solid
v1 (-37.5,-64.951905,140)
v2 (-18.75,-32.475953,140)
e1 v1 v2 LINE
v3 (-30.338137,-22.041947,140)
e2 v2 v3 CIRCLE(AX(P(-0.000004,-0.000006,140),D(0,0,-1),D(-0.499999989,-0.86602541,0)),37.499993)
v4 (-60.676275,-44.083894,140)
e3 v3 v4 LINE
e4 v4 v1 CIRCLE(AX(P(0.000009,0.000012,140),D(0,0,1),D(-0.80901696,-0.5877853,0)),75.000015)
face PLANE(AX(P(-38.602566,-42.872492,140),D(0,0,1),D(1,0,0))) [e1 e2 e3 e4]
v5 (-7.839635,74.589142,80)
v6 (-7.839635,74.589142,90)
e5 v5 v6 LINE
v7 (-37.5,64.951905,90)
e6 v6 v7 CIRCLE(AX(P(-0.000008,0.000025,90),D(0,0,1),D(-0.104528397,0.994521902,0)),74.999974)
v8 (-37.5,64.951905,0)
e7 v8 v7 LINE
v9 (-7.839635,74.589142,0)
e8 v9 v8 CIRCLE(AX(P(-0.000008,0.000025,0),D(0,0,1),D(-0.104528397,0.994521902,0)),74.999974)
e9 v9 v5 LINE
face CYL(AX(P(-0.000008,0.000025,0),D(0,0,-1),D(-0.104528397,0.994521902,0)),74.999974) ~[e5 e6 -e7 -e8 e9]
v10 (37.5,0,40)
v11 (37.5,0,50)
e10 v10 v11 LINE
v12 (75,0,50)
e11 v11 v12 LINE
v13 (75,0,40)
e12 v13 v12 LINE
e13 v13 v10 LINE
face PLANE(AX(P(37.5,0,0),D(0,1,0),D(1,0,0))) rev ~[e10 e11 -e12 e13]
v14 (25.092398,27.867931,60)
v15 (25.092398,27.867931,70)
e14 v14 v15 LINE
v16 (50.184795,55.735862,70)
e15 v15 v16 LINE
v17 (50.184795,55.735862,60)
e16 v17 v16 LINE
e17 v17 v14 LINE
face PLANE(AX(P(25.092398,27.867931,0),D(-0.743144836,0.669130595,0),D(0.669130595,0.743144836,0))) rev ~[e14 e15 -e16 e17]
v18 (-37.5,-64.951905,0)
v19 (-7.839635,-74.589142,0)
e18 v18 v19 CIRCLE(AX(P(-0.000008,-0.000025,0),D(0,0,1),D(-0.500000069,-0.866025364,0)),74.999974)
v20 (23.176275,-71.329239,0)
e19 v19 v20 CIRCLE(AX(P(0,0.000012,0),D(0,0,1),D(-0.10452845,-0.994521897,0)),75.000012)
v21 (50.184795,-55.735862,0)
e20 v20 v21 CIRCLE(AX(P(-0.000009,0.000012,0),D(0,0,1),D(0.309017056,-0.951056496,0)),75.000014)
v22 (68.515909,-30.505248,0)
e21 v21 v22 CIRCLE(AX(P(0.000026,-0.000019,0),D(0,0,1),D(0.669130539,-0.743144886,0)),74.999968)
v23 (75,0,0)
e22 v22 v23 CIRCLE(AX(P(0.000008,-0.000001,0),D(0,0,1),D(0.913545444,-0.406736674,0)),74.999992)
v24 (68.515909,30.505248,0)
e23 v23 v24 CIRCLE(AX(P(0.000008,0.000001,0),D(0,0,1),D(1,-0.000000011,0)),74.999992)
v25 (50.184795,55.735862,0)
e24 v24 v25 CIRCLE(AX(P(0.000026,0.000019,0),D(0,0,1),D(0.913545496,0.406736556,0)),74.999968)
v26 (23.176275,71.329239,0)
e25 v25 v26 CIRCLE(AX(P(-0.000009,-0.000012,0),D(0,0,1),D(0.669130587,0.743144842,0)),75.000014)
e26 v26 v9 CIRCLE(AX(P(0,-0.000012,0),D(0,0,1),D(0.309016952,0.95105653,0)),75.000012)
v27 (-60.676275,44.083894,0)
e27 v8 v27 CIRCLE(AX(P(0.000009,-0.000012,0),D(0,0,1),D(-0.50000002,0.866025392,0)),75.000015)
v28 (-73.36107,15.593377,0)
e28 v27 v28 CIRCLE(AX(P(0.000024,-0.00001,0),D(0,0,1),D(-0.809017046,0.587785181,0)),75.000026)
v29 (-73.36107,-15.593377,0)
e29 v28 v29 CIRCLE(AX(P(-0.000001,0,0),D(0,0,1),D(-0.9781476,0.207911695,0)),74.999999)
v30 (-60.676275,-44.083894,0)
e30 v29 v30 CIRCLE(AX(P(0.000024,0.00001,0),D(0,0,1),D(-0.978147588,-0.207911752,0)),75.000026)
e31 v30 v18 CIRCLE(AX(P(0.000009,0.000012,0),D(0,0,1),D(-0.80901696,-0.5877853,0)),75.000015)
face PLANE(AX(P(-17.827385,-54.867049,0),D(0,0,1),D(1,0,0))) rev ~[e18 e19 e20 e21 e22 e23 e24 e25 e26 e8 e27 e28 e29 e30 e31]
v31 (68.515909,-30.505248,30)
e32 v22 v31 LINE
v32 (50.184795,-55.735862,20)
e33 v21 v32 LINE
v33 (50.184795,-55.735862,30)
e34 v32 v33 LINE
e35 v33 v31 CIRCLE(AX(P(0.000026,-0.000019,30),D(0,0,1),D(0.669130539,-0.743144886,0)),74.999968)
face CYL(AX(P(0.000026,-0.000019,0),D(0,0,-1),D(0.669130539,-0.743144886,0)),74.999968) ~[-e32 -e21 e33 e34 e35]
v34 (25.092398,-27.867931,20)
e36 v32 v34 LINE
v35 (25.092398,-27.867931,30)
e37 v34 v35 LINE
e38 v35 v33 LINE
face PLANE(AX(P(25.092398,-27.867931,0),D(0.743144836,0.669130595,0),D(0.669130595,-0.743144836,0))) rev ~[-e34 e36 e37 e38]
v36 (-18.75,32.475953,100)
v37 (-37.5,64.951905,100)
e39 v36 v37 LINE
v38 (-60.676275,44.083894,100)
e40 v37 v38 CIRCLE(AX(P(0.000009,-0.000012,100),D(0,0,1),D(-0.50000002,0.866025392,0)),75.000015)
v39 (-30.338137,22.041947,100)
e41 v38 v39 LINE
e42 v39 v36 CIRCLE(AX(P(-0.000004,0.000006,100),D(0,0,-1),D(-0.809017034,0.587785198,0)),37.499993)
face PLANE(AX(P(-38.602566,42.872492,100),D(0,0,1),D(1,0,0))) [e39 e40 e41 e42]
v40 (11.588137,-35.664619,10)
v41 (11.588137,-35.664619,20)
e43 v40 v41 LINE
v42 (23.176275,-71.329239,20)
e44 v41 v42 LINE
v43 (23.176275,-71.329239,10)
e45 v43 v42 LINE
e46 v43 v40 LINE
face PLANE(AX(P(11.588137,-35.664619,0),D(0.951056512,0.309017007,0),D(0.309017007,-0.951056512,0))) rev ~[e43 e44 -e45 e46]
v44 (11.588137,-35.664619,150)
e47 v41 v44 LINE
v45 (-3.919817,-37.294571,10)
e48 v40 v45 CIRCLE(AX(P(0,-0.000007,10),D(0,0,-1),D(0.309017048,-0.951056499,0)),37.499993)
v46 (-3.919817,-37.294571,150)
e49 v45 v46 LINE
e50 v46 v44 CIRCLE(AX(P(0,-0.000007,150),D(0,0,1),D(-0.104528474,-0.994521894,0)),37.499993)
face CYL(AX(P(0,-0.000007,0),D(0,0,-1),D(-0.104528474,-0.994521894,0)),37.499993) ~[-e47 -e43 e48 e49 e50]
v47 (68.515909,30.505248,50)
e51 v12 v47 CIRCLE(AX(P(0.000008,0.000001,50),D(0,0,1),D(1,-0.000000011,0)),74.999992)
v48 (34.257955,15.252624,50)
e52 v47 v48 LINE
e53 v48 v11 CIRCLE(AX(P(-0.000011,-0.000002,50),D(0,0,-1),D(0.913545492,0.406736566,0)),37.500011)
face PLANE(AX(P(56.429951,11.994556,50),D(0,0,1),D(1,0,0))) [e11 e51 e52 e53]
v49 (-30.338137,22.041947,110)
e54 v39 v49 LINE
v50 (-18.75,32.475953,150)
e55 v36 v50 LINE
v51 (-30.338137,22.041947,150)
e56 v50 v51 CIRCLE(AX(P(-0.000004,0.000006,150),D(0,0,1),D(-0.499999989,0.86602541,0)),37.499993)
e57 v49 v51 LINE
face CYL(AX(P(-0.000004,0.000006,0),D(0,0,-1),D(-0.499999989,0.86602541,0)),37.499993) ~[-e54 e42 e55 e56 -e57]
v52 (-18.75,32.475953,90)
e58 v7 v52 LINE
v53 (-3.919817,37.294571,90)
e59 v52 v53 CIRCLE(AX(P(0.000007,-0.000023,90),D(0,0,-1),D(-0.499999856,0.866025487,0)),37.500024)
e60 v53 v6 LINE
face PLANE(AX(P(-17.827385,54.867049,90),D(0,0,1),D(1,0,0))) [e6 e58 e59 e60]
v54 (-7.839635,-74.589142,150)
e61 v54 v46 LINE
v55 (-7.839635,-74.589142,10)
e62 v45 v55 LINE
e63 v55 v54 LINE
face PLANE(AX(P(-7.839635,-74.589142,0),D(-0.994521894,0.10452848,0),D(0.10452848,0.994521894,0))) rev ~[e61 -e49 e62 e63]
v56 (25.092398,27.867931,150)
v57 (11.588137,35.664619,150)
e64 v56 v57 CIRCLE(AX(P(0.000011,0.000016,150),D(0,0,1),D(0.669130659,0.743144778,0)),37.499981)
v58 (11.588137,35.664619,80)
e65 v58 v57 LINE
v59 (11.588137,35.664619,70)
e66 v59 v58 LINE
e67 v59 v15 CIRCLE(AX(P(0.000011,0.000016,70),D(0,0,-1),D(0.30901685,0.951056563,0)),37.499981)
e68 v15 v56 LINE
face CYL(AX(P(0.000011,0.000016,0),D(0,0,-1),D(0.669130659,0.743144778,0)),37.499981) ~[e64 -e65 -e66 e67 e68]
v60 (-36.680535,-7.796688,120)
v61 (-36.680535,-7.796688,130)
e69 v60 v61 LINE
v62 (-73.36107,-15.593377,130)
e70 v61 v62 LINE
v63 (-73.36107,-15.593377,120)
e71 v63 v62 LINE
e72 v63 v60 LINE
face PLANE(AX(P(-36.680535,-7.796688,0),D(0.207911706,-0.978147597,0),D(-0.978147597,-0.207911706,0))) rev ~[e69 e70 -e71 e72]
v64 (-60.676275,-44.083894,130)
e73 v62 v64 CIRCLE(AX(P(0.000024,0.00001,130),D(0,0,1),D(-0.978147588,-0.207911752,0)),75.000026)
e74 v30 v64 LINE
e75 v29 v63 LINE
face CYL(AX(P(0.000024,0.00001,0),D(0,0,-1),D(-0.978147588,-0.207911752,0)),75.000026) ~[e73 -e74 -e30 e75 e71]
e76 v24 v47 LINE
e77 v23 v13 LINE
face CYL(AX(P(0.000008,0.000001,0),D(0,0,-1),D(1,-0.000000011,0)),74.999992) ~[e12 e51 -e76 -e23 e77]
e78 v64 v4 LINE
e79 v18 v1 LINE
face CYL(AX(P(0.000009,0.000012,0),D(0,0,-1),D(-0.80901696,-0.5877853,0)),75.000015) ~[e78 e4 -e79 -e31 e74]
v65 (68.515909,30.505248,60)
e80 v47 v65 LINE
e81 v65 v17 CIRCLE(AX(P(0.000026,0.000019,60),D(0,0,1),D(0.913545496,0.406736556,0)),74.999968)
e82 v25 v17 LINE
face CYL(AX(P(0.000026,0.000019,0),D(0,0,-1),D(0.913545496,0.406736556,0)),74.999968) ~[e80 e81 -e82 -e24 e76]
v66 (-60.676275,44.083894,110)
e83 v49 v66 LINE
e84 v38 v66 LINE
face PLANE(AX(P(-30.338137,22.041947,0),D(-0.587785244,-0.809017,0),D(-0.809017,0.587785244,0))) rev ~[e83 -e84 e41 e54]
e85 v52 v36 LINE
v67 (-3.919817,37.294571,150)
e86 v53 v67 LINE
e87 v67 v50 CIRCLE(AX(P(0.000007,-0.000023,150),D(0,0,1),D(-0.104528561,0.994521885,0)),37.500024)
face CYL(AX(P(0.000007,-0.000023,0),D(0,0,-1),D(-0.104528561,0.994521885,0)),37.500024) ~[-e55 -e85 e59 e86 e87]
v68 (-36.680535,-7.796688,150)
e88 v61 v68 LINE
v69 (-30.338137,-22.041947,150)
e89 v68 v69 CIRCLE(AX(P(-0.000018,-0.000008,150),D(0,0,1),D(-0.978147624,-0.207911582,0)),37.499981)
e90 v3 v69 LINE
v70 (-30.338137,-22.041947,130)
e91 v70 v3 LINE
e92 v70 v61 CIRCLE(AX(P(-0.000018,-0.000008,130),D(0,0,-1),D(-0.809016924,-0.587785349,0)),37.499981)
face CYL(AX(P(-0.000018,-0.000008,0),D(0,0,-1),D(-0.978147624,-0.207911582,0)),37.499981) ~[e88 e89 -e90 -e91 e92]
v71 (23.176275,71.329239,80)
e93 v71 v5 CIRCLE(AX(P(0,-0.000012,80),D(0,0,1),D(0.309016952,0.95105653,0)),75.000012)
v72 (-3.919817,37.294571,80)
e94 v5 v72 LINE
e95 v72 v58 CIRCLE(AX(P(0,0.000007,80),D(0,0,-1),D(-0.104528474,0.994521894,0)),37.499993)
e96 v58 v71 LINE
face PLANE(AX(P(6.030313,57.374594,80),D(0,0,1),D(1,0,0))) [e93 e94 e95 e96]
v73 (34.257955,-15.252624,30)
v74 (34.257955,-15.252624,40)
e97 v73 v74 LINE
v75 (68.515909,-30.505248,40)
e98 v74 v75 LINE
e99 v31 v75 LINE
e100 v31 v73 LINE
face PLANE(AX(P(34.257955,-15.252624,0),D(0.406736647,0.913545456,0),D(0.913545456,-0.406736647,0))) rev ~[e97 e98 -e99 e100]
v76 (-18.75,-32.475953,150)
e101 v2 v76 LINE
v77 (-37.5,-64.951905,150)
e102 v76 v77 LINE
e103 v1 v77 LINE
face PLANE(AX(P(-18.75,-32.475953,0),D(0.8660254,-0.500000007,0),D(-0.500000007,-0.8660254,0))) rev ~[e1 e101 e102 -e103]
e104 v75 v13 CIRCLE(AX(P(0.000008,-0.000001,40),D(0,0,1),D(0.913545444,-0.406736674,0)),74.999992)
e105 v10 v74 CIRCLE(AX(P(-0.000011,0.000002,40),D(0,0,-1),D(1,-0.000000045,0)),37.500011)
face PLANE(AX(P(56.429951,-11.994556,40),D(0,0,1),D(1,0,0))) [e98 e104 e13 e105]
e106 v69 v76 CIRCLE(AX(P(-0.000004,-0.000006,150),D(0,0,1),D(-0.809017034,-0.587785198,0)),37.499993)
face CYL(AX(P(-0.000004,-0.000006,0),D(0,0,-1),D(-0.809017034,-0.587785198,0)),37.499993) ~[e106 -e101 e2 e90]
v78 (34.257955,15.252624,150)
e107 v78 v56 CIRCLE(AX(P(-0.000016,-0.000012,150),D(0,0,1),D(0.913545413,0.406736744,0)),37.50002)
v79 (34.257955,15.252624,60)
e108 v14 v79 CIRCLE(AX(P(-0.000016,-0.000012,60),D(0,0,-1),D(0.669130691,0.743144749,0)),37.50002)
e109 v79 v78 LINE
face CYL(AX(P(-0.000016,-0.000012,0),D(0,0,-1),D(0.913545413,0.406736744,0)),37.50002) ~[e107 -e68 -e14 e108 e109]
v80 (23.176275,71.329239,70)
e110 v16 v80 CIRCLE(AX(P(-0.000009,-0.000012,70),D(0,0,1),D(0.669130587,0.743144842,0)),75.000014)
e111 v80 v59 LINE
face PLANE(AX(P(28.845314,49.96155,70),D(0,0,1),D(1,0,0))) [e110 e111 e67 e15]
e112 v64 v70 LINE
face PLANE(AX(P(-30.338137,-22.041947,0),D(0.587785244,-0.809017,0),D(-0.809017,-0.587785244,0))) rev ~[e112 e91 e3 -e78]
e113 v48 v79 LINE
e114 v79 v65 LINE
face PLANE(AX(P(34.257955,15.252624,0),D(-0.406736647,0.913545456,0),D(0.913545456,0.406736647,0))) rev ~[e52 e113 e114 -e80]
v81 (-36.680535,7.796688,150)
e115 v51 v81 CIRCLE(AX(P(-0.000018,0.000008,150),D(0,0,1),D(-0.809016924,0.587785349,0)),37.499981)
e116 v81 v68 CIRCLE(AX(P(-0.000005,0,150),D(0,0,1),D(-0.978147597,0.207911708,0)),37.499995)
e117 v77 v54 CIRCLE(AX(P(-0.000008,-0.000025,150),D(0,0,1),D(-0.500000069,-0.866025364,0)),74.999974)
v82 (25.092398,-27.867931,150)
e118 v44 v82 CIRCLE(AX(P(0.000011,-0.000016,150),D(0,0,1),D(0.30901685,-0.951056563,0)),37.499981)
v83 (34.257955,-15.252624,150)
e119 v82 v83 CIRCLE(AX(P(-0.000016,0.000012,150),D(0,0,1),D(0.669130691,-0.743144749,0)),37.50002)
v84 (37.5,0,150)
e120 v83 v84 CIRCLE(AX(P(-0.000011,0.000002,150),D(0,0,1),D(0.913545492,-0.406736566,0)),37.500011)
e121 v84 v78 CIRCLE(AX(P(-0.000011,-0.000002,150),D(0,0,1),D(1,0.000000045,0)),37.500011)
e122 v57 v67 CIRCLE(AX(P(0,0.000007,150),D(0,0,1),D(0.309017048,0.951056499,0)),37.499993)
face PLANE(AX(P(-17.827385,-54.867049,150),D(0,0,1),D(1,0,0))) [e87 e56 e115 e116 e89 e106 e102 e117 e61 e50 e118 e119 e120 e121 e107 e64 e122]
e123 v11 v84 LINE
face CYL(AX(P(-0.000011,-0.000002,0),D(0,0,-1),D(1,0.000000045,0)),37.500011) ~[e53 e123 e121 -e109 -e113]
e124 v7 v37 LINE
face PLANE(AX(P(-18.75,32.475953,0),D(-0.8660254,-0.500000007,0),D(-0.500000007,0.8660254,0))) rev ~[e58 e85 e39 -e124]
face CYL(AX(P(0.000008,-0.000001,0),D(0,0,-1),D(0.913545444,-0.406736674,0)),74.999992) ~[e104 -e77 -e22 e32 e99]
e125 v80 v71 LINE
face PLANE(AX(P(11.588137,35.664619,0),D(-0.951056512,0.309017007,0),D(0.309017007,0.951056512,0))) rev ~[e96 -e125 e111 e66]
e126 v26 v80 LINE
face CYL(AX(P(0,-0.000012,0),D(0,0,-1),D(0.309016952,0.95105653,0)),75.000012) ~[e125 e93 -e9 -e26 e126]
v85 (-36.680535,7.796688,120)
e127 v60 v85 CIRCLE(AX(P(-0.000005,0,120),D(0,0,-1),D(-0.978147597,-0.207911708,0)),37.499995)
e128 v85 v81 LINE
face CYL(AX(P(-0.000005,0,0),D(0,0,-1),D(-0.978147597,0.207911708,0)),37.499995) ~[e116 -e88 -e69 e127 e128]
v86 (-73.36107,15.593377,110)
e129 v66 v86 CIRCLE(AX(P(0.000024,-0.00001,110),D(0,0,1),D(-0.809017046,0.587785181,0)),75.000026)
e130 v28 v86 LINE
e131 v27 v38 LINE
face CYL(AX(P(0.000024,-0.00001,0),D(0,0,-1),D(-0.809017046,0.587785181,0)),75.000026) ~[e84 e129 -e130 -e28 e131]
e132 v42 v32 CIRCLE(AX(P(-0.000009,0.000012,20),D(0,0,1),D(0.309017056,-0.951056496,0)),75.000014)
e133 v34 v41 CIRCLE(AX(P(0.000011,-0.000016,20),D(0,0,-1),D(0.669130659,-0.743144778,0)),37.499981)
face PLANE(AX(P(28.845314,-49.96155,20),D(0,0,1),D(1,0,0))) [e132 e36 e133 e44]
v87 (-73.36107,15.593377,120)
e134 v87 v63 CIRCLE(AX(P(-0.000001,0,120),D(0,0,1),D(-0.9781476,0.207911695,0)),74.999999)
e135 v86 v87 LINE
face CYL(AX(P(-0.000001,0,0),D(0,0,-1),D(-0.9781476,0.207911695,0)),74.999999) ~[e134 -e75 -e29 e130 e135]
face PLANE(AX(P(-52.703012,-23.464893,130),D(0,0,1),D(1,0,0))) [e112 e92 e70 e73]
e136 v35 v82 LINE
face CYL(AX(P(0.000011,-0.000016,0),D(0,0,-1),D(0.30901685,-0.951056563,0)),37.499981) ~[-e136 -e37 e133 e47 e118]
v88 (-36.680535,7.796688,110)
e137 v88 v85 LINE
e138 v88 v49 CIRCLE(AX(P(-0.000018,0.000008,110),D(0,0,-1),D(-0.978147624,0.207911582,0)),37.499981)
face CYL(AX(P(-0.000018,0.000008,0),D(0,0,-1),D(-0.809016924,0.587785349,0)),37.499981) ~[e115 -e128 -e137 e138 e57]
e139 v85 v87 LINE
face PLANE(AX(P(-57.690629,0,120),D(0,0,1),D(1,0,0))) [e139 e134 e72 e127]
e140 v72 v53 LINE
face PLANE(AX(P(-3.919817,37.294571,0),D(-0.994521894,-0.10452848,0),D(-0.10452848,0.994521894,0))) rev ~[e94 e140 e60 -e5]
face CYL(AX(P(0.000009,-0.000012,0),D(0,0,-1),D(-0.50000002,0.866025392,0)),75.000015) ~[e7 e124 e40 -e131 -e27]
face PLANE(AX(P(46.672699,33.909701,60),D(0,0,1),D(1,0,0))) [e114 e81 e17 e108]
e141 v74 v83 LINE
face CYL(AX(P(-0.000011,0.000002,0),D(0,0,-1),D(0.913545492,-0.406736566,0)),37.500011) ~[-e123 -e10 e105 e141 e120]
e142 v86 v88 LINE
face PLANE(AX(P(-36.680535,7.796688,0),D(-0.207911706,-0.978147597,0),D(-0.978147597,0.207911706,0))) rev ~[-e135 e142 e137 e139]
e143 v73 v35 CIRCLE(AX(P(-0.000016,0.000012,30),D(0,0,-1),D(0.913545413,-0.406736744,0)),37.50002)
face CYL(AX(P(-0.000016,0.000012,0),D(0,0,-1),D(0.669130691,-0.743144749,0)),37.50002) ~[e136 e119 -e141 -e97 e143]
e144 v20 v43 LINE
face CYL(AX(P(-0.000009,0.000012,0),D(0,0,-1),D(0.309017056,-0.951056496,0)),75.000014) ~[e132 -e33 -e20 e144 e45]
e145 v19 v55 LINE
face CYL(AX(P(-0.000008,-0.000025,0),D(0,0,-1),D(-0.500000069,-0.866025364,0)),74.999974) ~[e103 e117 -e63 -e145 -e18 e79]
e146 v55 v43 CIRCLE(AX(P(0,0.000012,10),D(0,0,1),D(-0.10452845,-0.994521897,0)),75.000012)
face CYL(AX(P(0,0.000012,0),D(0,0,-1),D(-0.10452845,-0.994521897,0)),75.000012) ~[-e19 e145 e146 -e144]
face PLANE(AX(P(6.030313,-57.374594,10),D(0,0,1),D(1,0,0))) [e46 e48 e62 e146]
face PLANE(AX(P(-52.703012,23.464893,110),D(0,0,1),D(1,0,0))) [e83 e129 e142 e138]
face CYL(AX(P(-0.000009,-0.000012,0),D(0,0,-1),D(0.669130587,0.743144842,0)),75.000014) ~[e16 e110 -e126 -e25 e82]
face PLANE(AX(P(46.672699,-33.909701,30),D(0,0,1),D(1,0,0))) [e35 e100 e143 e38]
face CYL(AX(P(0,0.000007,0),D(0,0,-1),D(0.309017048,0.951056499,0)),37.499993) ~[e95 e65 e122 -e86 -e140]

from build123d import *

# Parameters (mm, degrees)
F1_DEPTH  = 150
F2_DEPTH  = 10
F3_DEPTH  = 20
F4_DEPTH  = 30
F5_DEPTH  = 40
F6_DEPTH  = 50
F7_DEPTH  = 60
F8_DEPTH  = 70
F9_DEPTH  = 80
F10_DEPTH = 90
F11_DEPTH = 100
F12_DEPTH = 110
F13_DEPTH = 120
F14_DEPTH = 130
F15_DEPTH = 140
F16_DEPTH = 150


with BuildPart() as f1:
    # F0 (on Top) → F1 (new body)
    with BuildSketch(Plane.XY):
        with BuildLine():
            ThreePointArc((34.257955, -15.252624), (36.680535, -7.796688), (37.5, 0))
            ThreePointArc((37.5, 0), (36.680535, 7.796688), (34.257955, 15.252624))
            ThreePointArc((34.257955, 15.252624), (30.338137, 22.041947), (25.092398, 27.867931))
            ThreePointArc((25.092398, 27.867931), (18.75, 32.475953), (11.588137, 35.664619))
            ThreePointArc((11.588137, 35.664619), (3.919817, 37.294571), (-3.919817, 37.294571))
            ThreePointArc((-3.919817, 37.294571), (-11.588137, 35.664619), (-18.75, 32.475953))
            ThreePointArc((-18.75, 32.475953), (-25.092398, 27.867931), (-30.338137, 22.041947))
            ThreePointArc((-30.338137, 22.041947), (-34.257955, 15.252624), (-36.680535, 7.796688))
            ThreePointArc((-36.680535, 7.796688), (-37.5, 0), (-36.680535, -7.796688))
            ThreePointArc((-36.680535, -7.796688), (-34.257955, -15.252624), (-30.338137, -22.041947))
            ThreePointArc((-30.338137, -22.041947), (-25.092398, -27.867931), (-18.75, -32.475953))
            ThreePointArc((-18.75, -32.475953), (-11.588137, -35.664619), (-3.919817, -37.294571))
            ThreePointArc((-3.919817, -37.294571), (3.919817, -37.294571), (11.588137, -35.664619))
            ThreePointArc((11.588137, -35.664619), (18.75, -32.475953), (25.092398, -27.867931))
            ThreePointArc((25.092398, -27.867931), (30.338137, -22.041947), (34.257955, -15.252624))
        make_face()
    extrude(amount=F1_DEPTH)

    # F0 (on Top) → F2 (join)
    with BuildSketch(Plane.XY):
        with BuildLine():
            ThreePointArc((-7.839635, -74.589142), (7.839635, -74.589142), (23.176275, -71.329239))
            Line((23.176275, -71.329239), (11.588137, -35.664619))
            ThreePointArc((11.588137, -35.664619), (3.919817, -37.294571), (-3.919817, -37.294571))
            Line((-3.919817, -37.294571), (-7.839635, -74.589142))
        make_face()
    extrude(amount=F2_DEPTH)

    # F0 (on Top) → F3 (join)
    with BuildSketch(Plane.XY):
        with BuildLine():
            ThreePointArc((23.176275, -71.329239), (37.5, -64.951905), (50.184795, -55.735862))
            Line((50.184795, -55.735862), (25.092398, -27.867931))
            ThreePointArc((25.092398, -27.867931), (18.75, -32.475953), (11.588137, -35.664619))
            Line((11.588137, -35.664619), (23.176275, -71.329239))
        make_face()
    extrude(amount=F3_DEPTH)

    # F0 (on Top) → F4 (join)
    with BuildSketch(Plane.XY):
        with BuildLine():
            ThreePointArc((50.184795, -55.735862), (60.676275, -44.083894), (68.515909, -30.505248))
            Line((68.515909, -30.505248), (34.257955, -15.252624))
            ThreePointArc((34.257955, -15.252624), (30.338137, -22.041947), (25.092398, -27.867931))
            Line((25.092398, -27.867931), (50.184795, -55.735862))
        make_face()
    extrude(amount=F4_DEPTH)

    # F0 (on Top) → F5 (join)
    with BuildSketch(Plane.XY):
        with BuildLine():
            ThreePointArc((68.515909, -30.505248), (73.36107, -15.593377), (75, 0))
            Line((75, 0), (37.5, 0))
            ThreePointArc((37.5, 0), (36.680535, -7.796688), (34.257955, -15.252624))
            Line((34.257955, -15.252624), (68.515909, -30.505248))
        make_face()
    extrude(amount=F5_DEPTH)

    # F0 (on Top) → F6 (join)
    with BuildSketch(Plane.XY):
        with BuildLine():
            Line((37.5, 0), (75, 0))
            ThreePointArc((75, 0), (73.36107, 15.593377), (68.515909, 30.505248))
            Line((68.515909, 30.505248), (34.257955, 15.252624))
            ThreePointArc((34.257955, 15.252624), (36.680535, 7.796688), (37.5, 0))
        make_face()
    extrude(amount=F6_DEPTH)

    # F0 (on Top) → F7 (join)
    with BuildSketch(Plane.XY):
        with BuildLine():
            Line((34.257955, 15.252624), (68.515909, 30.505248))
            ThreePointArc((68.515909, 30.505248), (60.676275, 44.083894), (50.184795, 55.735862))
            Line((50.184795, 55.735862), (25.092398, 27.867931))
            ThreePointArc((25.092398, 27.867931), (30.338137, 22.041947), (34.257955, 15.252624))
        make_face()
    extrude(amount=F7_DEPTH)

    # F0 (on Top) → F8 (join)
    with BuildSketch(Plane.XY):
        with BuildLine():
            Line((25.092398, 27.867931), (50.184795, 55.735862))
            ThreePointArc((50.184795, 55.735862), (37.5, 64.951905), (23.176275, 71.329239))
            Line((23.176275, 71.329239), (11.588137, 35.664619))
            ThreePointArc((11.588137, 35.664619), (18.75, 32.475953), (25.092398, 27.867931))
        make_face()
    extrude(amount=F8_DEPTH)

    # F0 (on Top) → F9 (join)
    with BuildSketch(Plane.XY):
        with BuildLine():
            Line((11.588137, 35.664619), (23.176275, 71.329239))
            ThreePointArc((23.176275, 71.329239), (7.839635, 74.589142), (-7.839635, 74.589142))
            Line((-7.839635, 74.589142), (-3.919817, 37.294571))
            ThreePointArc((-3.919817, 37.294571), (3.919817, 37.294571), (11.588137, 35.664619))
        make_face()
    extrude(amount=F9_DEPTH)

    # F0 (on Top) → F10 (join)
    with BuildSketch(Plane.XY):
        with BuildLine():
            Line((-3.919817, 37.294571), (-7.839635, 74.589142))
            ThreePointArc((-7.839635, 74.589142), (-23.176275, 71.329239), (-37.5, 64.951905))
            Line((-37.5, 64.951905), (-18.75, 32.475953))
            ThreePointArc((-18.75, 32.475953), (-11.588137, 35.664619), (-3.919817, 37.294571))
        make_face()
    extrude(amount=F10_DEPTH)

    # F0 (on Top) → F11 (join)
    with BuildSketch(Plane.XY):
        with BuildLine():
            Line((-18.75, 32.475953), (-37.5, 64.951905))
            ThreePointArc((-37.5, 64.951905), (-50.184795, 55.735862), (-60.676275, 44.083894))
            Line((-60.676275, 44.083894), (-30.338137, 22.041947))
            ThreePointArc((-30.338137, 22.041947), (-25.092398, 27.867931), (-18.75, 32.475953))
        make_face()
    extrude(amount=F11_DEPTH)

    # F0 (on Top) → F12 (join)
    with BuildSketch(Plane.XY):
        with BuildLine():
            Line((-30.338137, 22.041947), (-60.676275, 44.083894))
            ThreePointArc((-60.676275, 44.083894), (-68.515909, 30.505248), (-73.36107, 15.593377))
            Line((-73.36107, 15.593377), (-36.680535, 7.796688))
            ThreePointArc((-36.680535, 7.796688), (-34.257955, 15.252624), (-30.338137, 22.041947))
        make_face()
    extrude(amount=F12_DEPTH)

    # F0 (on Top) → F13 (join)
    with BuildSketch(Plane.XY):
        with BuildLine():
            Line((-36.680535, 7.796688), (-73.36107, 15.593377))
            ThreePointArc((-73.36107, 15.593377), (-75, 0), (-73.36107, -15.593377))
            Line((-73.36107, -15.593377), (-36.680535, -7.796688))
            ThreePointArc((-36.680535, -7.796688), (-37.5, 0), (-36.680535, 7.796688))
        make_face()
    extrude(amount=F13_DEPTH)

    # F0 (on Top) → F14 (join)
    with BuildSketch(Plane.XY):
        with BuildLine():
            ThreePointArc((-73.36107, -15.593377), (-68.515909, -30.505248), (-60.676275, -44.083894))
            Line((-60.676275, -44.083894), (-30.338137, -22.041947))
            ThreePointArc((-30.338137, -22.041947), (-34.257955, -15.252624), (-36.680535, -7.796688))
            Line((-36.680535, -7.796688), (-73.36107, -15.593377))
        make_face()
    extrude(amount=F14_DEPTH)

    # F0 (on Top) → F15 (join)
    with BuildSketch(Plane.XY):
        with BuildLine():
            ThreePointArc((-60.676275, -44.083894), (-50.184795, -55.735862), (-37.5, -64.951905))
            Line((-37.5, -64.951905), (-18.75, -32.475953))
            ThreePointArc((-18.75, -32.475953), (-25.092398, -27.867931), (-30.338137, -22.041947))
            Line((-30.338137, -22.041947), (-60.676275, -44.083894))
        make_face()
    extrude(amount=F15_DEPTH)

    # F0 (on Top) → F16 (join)
    with BuildSketch(Plane.XY):
        with BuildLine():
            ThreePointArc((-37.5, -64.951905), (-23.176275, -71.329239), (-7.839635, -74.589142))
            Line((-7.839635, -74.589142), (-3.919817, -37.294571))
            ThreePointArc((-3.919817, -37.294571), (-11.588137, -35.664619), (-18.75, -32.475953))
            Line((-18.75, -32.475953), (-37.5, -64.951905))
        make_face()
    extrude(amount=F16_DEPTH)


solid = f1.part
